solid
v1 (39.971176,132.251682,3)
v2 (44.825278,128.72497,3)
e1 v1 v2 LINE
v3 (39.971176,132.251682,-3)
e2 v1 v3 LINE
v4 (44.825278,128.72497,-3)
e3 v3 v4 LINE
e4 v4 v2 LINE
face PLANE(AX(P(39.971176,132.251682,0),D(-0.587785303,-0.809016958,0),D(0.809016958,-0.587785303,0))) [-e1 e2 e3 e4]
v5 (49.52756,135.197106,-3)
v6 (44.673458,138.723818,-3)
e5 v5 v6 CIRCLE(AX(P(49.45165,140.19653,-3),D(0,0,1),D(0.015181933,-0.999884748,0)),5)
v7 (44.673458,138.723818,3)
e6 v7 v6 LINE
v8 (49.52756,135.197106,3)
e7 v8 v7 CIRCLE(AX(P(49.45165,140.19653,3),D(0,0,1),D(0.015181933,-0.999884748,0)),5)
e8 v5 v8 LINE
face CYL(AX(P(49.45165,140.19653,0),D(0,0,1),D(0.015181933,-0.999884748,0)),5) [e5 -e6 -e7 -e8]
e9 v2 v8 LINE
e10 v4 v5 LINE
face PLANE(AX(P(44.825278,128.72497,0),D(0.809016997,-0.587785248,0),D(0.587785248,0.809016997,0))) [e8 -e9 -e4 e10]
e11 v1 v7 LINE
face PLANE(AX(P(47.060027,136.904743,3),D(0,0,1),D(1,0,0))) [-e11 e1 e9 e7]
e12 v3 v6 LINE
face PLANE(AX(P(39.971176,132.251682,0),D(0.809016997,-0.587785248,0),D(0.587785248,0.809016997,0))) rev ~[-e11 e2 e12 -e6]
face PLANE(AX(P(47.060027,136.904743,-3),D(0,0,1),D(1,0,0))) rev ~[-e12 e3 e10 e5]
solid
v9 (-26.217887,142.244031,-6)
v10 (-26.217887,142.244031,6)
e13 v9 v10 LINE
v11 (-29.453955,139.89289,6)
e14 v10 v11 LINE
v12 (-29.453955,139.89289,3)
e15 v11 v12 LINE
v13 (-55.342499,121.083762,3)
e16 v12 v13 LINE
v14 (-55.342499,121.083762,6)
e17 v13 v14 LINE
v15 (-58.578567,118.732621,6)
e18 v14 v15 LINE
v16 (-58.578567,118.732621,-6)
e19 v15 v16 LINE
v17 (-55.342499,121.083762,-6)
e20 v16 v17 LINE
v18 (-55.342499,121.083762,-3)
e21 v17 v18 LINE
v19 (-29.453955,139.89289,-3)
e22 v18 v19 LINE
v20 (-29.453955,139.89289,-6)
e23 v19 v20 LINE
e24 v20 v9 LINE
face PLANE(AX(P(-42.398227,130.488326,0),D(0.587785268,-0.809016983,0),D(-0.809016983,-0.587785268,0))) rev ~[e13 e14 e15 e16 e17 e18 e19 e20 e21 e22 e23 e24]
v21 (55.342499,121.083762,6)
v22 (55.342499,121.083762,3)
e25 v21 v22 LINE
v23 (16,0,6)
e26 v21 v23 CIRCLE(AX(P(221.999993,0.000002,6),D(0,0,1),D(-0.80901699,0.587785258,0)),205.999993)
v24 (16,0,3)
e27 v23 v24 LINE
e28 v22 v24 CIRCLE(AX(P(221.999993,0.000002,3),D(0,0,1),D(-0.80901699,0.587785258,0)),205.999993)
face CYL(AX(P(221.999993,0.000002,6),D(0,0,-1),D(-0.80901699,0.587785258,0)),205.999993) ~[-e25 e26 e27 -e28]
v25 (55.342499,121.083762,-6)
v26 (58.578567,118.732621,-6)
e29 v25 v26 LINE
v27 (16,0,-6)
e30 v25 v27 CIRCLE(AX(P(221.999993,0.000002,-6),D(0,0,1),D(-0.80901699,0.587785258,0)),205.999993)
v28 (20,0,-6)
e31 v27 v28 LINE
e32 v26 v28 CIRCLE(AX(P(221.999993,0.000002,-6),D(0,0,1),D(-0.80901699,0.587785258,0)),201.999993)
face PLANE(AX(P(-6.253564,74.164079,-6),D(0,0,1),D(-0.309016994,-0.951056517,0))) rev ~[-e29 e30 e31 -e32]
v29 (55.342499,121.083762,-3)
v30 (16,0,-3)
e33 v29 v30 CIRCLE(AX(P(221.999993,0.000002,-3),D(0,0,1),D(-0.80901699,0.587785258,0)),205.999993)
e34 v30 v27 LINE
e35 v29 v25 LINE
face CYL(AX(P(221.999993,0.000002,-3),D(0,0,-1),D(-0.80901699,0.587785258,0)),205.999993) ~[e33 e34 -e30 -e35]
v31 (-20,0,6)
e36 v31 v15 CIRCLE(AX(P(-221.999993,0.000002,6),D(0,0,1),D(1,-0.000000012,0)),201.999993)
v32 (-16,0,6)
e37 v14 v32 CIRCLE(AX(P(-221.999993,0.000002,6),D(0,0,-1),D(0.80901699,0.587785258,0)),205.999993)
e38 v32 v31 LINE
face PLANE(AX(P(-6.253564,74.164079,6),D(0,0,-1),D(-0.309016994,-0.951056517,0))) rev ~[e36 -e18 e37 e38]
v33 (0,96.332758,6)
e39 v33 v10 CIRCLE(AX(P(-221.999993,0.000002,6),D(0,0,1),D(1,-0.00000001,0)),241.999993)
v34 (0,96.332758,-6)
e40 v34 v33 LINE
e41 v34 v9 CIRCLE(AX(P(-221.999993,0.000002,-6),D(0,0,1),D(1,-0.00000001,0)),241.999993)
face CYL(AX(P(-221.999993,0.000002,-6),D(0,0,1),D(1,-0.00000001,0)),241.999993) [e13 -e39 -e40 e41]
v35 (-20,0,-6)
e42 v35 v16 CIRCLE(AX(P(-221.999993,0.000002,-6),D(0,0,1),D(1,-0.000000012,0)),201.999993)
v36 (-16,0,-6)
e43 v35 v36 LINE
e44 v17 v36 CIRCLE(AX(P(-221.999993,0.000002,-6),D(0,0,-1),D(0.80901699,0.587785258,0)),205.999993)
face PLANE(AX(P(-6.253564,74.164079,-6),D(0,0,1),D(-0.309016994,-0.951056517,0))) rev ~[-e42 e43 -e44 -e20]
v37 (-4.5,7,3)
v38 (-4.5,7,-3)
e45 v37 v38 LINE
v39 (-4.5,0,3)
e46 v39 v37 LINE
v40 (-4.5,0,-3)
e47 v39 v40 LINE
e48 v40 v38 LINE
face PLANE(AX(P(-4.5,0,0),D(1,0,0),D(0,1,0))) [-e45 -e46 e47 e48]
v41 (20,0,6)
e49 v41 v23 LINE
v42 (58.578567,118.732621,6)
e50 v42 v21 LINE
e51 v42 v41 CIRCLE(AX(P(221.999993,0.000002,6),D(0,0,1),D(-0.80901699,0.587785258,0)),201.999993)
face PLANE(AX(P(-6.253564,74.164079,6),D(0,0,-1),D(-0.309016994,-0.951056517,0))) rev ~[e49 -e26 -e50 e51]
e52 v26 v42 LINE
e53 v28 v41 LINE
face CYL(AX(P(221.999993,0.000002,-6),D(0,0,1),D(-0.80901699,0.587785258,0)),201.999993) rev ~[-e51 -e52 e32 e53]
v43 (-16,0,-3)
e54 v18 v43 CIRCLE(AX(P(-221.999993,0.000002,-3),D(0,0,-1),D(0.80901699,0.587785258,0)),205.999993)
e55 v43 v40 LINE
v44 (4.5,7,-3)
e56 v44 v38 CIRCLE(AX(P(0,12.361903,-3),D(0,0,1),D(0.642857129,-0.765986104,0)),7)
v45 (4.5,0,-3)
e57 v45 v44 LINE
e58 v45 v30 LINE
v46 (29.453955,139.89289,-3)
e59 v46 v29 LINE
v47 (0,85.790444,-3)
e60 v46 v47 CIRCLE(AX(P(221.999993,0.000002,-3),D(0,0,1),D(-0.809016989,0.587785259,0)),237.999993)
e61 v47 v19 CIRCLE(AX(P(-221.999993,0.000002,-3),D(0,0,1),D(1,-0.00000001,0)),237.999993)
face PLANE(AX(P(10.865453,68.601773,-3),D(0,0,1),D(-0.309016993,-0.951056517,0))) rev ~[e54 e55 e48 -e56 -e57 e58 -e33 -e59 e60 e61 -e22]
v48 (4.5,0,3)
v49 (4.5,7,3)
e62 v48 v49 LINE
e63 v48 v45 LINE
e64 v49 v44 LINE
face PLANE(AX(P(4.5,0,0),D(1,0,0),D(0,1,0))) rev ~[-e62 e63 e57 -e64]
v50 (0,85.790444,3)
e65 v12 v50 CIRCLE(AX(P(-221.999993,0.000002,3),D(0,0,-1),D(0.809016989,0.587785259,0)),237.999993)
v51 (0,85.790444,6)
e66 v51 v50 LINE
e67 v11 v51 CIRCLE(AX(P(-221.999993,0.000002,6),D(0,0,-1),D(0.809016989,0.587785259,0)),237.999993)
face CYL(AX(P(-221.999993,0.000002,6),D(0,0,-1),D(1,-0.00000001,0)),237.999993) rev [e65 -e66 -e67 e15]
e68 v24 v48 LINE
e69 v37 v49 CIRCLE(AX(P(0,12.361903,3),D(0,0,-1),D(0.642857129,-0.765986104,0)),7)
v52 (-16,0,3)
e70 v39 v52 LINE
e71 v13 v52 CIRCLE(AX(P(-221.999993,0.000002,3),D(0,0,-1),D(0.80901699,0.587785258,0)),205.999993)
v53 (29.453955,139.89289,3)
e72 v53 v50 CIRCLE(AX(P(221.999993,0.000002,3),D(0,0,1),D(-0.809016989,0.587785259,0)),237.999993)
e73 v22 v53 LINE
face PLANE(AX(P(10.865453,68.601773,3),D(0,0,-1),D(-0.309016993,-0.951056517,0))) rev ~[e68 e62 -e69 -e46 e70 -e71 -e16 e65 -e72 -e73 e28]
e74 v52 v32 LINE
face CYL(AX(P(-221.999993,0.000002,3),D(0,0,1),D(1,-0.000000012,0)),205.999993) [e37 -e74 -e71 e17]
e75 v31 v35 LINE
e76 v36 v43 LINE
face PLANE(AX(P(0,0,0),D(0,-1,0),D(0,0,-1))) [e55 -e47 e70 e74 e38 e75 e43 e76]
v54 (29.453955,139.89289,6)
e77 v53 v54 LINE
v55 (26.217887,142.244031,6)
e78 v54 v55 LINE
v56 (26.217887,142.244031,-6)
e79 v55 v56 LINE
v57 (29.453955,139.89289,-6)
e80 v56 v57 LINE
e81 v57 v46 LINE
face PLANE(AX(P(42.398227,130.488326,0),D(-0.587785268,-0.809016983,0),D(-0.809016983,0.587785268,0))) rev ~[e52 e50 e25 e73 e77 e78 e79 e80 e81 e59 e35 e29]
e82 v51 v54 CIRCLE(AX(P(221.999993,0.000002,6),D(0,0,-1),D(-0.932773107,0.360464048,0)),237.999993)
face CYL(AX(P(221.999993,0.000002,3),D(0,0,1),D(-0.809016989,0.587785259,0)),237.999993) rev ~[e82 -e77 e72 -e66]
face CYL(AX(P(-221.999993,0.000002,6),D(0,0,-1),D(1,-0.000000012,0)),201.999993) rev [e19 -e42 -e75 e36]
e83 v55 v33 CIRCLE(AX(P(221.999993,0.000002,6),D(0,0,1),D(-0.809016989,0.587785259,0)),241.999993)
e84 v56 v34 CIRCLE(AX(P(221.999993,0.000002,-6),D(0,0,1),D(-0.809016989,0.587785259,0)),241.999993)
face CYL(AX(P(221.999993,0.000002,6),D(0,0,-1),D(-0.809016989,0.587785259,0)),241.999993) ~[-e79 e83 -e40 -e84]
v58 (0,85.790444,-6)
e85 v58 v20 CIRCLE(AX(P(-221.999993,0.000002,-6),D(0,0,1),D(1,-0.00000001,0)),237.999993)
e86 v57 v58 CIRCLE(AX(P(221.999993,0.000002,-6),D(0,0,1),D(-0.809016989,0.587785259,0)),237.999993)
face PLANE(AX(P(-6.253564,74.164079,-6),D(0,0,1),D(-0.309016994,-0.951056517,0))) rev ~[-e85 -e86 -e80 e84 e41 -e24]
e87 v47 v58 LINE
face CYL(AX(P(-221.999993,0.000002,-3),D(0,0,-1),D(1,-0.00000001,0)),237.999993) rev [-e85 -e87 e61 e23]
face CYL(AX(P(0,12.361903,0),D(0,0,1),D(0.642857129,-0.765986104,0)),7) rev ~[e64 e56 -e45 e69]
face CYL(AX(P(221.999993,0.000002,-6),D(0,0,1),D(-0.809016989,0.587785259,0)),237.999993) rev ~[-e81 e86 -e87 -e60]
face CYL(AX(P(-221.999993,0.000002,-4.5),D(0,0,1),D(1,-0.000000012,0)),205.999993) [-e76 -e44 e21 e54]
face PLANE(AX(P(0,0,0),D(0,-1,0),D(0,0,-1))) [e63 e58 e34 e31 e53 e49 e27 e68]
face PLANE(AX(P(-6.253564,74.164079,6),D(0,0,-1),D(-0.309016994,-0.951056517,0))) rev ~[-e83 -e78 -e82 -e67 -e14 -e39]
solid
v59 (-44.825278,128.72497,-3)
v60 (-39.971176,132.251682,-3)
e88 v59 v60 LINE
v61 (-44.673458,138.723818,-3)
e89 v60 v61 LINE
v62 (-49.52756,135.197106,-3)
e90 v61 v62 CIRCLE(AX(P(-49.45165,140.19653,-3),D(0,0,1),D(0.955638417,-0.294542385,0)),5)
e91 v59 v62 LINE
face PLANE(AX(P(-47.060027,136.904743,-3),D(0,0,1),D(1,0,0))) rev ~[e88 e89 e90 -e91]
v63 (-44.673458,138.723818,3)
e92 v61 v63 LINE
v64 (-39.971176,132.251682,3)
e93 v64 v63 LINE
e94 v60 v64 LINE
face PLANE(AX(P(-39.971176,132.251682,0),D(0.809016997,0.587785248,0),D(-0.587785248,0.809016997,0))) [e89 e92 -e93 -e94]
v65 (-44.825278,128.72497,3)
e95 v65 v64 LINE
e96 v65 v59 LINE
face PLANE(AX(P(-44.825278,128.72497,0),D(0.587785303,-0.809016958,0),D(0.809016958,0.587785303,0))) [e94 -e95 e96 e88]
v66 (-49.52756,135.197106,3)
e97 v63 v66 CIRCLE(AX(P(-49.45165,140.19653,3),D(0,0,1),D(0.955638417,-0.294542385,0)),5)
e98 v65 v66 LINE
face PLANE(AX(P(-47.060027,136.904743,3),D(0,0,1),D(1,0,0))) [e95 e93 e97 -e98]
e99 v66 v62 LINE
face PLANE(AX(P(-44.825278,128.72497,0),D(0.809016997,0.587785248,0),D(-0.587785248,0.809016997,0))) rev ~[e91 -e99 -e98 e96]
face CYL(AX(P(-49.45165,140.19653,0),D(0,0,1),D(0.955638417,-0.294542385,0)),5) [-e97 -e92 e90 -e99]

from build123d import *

# Parameters (mm, degrees)
SKETCH013_W       = 32
SKETCH013_H       = 3
POCKET_DEPTH      = 6.001
POCKET_DEPTH_BACK = -6.001
PAD001_DEPTH      = 3
PAD002_DEPTH      = 3


with BuildPart() as main:
    # AdditivePipe: sweep along a path in Sketch
    with BuildLine(Plane.XY) as additivepipe_path:
        ThreePointArc((0, 0), (-10.865453, 68.601773), (-42.398227, 130.488326))
    # Sketch002 → AdditivePipe (sweep)
    with BuildSketch(Plane.XZ):
        Polygon((-20, 6), (-20, -6), (-16, -6), (-16, -3), (-9, -3), (9, -3), (16, -3), (16, -6), (20, -6), (20, 6), (16, 6), (16, 3), (9, 3), (-9, 3), (-16, 3), (-16, 6), align=None)
    sweep(path=additivepipe_path.line)

    # AdditivePipe001: sweep along a path in Sketch001
    with BuildLine(Plane.XY) as additivepipe001_path:
        ThreePointArc((42.398227, 130.488326), (10.865453, 68.601773), (0, 0))
    # Sketch002 → AdditivePipe001 (sweep)
    with BuildSketch(Plane.XZ):
        Polygon((-20, 6), (-20, -6), (-16, -6), (-16, -3), (-9, -3), (9, -3), (16, -3), (16, -6), (20, -6), (20, 6), (16, 6), (16, 3), (9, 3), (-9, 3), (-16, 3), (-16, 6), align=None)
    sweep(path=additivepipe001_path.line)

    # SubtractivePipe: sweep along a path in Sketch
    with BuildLine(Plane.XY) as subtractivepipe_path:
        ThreePointArc((0, 0), (-10.865453, 68.601773), (-42.398227, 130.488326))
    # Sketch013 (on Face1 of AdditivePipe001) → SubtractivePipe (sweep, cut)
    with BuildSketch(Plane.XZ):
        with Locations((0, 4.5)):
            Rectangle(SKETCH013_W, SKETCH013_H)
    subtractivepipe = sweep(path=subtractivepipe_path.line, mode=Mode.SUBTRACT)

    # SubtractivePipe001: sweep along a path in Sketch001
    with BuildLine(Plane.XY) as subtractivepipe001_path:
        ThreePointArc((42.398227, 130.488326), (10.865453, 68.601773), (0, 0))
    # Sketch013 (on Face1 of AdditivePipe001) → SubtractivePipe001 (sweep, cut)
    with BuildSketch(Plane.XZ):
        with Locations((0, 4.5)):
            Rectangle(SKETCH013_W, SKETCH013_H)
    subtractivepipe001 = sweep(path=subtractivepipe001_path.line, mode=Mode.SUBTRACT)

    # Mirrored: SubtractivePipe across XY
    add(subtractivepipe.mirror(Plane.XY), mode=Mode.SUBTRACT)

    # Mirrored001: SubtractivePipe001 across XY
    add(subtractivepipe001.mirror(Plane.XY), mode=Mode.SUBTRACT)

    # Sketch007 → Pocket (cut, two sides)
    with BuildSketch(Plane.XY) as pocket_sk:
        with BuildLine():
            Line((-4.5, 0), (4.5, 0))
            Line((4.5, 0), (4.5, 7))
            ThreePointArc((4.5, 7), (0, 19.361903), (-4.5, 7))
            Line((-4.5, 0), (-4.5, 7))
        make_face()
    extrude(amount=-POCKET_DEPTH, mode=Mode.SUBTRACT)
    extrude(pocket_sk.sketch, amount=-POCKET_DEPTH_BACK, mode=Mode.SUBTRACT)


with BuildPart() as male3:
    # Sketch011 → Pad001 (new body, symmetric)
    with BuildSketch(Plane.XY):
        with BuildLine():
            Line((39.971176, 132.251682), (44.825278, 128.72497))
            Line((44.825278, 128.72497), (49.52756, 135.197106))
            ThreePointArc((49.52756, 135.197106), (52.390577, 144.241615), (44.673458, 138.723818))
            Line((39.971176, 132.251682), (44.673458, 138.723818))
        make_face()
    extrude(amount=PAD001_DEPTH, both=True)


with BuildPart() as male2:
    # Sketch012 → Pad002 (new body, symmetric)
    with BuildSketch(Plane.XY):
        with BuildLine():
            Line((-44.825278, 128.72497), (-39.971176, 132.251682))
            Line((-39.971176, 132.251682), (-44.673458, 138.723818))
            ThreePointArc((-44.673458, 138.723818), (-52.390577, 144.241615), (-49.52756, 135.197106))
            Line((-44.825278, 128.72497), (-49.52756, 135.197106))
        make_face()
    extrude(amount=PAD002_DEPTH, both=True)


solid = Compound([main.part, male3.part, male2.part])
